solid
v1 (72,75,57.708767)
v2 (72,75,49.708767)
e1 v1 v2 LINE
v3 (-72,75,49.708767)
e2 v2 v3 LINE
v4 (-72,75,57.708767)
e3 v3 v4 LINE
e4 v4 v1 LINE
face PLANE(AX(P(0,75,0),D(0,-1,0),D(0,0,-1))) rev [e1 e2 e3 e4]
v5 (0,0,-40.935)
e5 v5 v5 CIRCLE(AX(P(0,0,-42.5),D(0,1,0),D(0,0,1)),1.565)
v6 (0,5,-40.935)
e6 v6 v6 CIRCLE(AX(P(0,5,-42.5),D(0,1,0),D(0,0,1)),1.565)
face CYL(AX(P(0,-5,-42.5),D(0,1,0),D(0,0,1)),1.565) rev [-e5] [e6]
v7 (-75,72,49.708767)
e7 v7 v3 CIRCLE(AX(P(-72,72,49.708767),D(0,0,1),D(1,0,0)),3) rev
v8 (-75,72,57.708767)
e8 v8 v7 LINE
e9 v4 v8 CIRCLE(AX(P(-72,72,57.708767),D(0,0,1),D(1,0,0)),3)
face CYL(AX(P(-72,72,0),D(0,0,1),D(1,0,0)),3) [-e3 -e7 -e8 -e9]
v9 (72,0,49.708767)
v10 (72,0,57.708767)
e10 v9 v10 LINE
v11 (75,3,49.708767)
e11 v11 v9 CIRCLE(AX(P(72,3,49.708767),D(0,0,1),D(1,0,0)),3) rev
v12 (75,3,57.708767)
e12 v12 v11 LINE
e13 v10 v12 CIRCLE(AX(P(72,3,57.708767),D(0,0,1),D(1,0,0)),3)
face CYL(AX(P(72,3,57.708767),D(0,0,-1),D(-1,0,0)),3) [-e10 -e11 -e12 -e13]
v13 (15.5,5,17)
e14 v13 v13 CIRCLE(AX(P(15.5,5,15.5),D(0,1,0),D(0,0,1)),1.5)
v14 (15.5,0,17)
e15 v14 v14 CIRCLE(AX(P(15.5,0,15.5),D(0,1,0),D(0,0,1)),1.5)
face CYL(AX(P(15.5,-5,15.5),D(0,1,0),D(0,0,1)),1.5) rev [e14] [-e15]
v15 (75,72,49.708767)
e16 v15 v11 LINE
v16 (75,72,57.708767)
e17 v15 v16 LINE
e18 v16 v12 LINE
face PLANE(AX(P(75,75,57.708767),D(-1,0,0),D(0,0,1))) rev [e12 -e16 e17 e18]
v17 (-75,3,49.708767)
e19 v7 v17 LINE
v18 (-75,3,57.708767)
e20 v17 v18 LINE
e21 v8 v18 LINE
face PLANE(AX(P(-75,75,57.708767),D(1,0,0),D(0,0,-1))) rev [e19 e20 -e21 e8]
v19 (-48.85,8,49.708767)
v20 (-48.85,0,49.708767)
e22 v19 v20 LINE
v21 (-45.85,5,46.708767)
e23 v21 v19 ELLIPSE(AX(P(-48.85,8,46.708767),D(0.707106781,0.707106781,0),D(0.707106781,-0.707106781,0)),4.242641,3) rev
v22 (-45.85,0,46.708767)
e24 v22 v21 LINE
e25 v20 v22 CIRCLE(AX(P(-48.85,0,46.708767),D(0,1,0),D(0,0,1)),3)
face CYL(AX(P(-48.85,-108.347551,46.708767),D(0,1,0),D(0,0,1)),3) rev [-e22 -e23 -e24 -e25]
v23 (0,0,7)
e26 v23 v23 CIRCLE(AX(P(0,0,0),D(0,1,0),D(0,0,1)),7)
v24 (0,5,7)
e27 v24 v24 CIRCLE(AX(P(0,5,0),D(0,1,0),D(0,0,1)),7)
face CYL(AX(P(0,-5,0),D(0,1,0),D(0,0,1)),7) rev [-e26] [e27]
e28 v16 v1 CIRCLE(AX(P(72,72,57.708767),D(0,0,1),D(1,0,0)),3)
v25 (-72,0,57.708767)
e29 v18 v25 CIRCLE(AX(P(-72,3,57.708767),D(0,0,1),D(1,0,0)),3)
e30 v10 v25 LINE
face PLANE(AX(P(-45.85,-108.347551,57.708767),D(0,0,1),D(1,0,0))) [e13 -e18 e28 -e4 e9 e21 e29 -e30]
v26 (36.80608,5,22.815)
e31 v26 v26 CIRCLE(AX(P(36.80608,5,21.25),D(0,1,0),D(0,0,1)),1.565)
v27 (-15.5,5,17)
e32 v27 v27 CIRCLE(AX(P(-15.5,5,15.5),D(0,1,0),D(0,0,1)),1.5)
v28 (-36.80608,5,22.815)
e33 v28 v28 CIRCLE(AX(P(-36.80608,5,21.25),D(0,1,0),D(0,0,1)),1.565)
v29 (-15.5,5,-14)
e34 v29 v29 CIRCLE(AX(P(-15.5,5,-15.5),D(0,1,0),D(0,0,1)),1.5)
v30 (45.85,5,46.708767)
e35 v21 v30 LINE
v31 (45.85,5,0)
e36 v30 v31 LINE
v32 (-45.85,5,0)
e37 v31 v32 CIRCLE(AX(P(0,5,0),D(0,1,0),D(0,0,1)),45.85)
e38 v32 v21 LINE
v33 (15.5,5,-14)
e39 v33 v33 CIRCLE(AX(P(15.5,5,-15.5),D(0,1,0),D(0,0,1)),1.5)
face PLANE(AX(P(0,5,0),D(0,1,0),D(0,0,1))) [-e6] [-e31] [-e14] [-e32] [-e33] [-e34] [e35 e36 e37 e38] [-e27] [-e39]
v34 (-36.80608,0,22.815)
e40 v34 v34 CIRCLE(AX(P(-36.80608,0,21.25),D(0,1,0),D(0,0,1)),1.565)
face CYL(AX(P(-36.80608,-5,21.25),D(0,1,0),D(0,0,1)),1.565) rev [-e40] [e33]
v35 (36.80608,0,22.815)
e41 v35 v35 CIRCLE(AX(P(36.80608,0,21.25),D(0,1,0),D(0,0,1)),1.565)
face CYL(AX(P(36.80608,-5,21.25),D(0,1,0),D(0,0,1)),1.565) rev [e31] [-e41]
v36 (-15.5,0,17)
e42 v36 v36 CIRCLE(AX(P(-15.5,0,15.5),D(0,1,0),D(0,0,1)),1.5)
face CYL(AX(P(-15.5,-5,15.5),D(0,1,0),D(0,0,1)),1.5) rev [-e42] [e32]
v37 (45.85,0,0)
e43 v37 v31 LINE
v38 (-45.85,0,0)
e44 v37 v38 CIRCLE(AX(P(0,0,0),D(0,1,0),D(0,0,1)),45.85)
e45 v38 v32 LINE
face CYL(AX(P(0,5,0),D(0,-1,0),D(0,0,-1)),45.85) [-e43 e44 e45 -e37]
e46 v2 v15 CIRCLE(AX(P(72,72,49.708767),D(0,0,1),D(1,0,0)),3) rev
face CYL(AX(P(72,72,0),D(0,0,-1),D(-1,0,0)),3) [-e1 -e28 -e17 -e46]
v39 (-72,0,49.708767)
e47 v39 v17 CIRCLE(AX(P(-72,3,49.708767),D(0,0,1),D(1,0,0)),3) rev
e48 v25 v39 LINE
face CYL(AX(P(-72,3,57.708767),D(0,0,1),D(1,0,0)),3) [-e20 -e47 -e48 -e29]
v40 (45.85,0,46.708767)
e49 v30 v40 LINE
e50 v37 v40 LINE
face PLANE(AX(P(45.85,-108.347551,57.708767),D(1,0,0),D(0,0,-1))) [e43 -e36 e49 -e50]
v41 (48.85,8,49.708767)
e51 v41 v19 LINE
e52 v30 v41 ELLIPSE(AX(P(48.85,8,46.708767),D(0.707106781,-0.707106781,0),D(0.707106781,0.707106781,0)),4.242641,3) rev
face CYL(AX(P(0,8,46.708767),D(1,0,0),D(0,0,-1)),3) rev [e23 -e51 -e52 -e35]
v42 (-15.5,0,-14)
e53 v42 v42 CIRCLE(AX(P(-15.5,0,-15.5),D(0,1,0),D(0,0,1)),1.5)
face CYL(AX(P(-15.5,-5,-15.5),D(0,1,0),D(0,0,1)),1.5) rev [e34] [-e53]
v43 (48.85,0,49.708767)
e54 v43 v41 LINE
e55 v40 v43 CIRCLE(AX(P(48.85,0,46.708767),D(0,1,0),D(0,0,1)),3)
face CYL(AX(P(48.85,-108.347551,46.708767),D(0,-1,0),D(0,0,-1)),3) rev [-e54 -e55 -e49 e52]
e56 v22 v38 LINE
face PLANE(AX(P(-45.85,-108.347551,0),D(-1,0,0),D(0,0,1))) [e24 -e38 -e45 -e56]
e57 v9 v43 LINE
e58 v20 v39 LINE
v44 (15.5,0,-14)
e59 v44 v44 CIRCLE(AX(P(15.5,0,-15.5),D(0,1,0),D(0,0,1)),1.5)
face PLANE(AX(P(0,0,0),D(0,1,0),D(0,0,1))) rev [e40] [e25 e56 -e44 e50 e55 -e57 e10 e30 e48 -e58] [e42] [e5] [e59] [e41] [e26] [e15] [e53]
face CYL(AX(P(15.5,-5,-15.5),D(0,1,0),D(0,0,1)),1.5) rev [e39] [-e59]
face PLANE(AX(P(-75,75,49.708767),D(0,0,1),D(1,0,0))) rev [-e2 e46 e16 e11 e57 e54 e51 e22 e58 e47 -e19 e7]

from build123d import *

# Parameters (mm, degrees)
SKETCH1_R           = 45.85
BOSS_EXTRUDE1_DEPTH = 5
SKETCH2_R           = 1.565
CUT_EXTRUDE1_DEPTH  = 10
SKETCH3_R           = 1.5
SKETCH3_R_2         = 7
CUT_EXTRUDE2_DEPTH  = 10
BOSS_EXTRUDE2_START = -5
BOSS_EXTRUDE2_DEPTH = 5
SKETCH5_W           = 150
SKETCH5_H           = 8
BOSS_EXTRUDE3_DEPTH = 75
FILLET1_R           = 3
FILLET2_R           = 3


with BuildPart() as part:
    # Sketch1 → Boss-Extrude1 (new body)
    with BuildSketch(Plane(origin=(0, 0, 0), x_dir=(1, 0, 0), z_dir=(0, 1, 0))):
        with Locations(Location((0, 0, 0), (0, 0, 270))):
            Circle(SKETCH1_R)
    extrude(amount=BOSS_EXTRUDE1_DEPTH)

    # Sketch2 → Cut-Extrude1 (cut)
    with BuildSketch(Plane(origin=(0, 5, 0), x_dir=(1, 0, 0), z_dir=(0, 1, 0))):
        with Locations(Location((0, 42.5, 0), (0, 0, 270))):
            Circle(SKETCH2_R)
        with Locations(Location((36.806079661, -21.25, 0), (0, 0, 270))):
            Circle(SKETCH2_R)
        with Locations(Location((-36.806079661, -21.25, 0), (0, 0, 270))):
            Circle(SKETCH2_R)
    extrude(amount=-CUT_EXTRUDE1_DEPTH, mode=Mode.SUBTRACT)

    # Sketch3 → Cut-Extrude2 (cut)
    with BuildSketch(Plane(origin=(0, 5, 0), x_dir=(1, 0, 0), z_dir=(0, 1, 0))):
        with Locations(Location((-15.5, 15.5, 0), (0, 0, 270))):
            Circle(SKETCH3_R)
        with Locations(Location((15.5, 15.5, 0), (0, 0, 270))):
            Circle(SKETCH3_R)
        with Locations(Location((15.5, -15.5, 0), (0, 0, 270))):
            Circle(SKETCH3_R)
        with Locations(Location((-15.5, -15.5, 0), (0, 0, 270))):
            Circle(SKETCH3_R)
        with Locations(Location((0, 0, 0), (0, 0, 270))):
            Circle(SKETCH3_R_2)
    extrude(amount=-CUT_EXTRUDE2_DEPTH, mode=Mode.SUBTRACT)

    # Sketch4 → Boss-Extrude2 (add)
    with BuildSketch(Plane(origin=(0, 5, 0), x_dir=(1, 0, 0), z_dir=(0, 1, 0)).offset(BOSS_EXTRUDE2_START)):
        with BuildLine():
            Line((-45.85, 0), (-45.85, -57.708767277))
            Line((-45.85, -57.708767277), (45.85, -57.708767277))
            Line((45.85, -57.708767277), (45.85, 0))
            ThreePointArc((45.85, 0), (0, -45.85), (-45.85, 0))
        make_face()
    extrude(amount=BOSS_EXTRUDE2_DEPTH)

    # Sketch5 → Boss-Extrude3 (add)
    with BuildSketch(Plane(origin=(0, 0, 0), x_dir=(1, 0, 0), z_dir=(0, 1, 0))):
        with Locations((0, -53.708767277)):
            Rectangle(SKETCH5_W, SKETCH5_H)
    extrude(amount=BOSS_EXTRUDE3_DEPTH)

    # Fillet1
    fillet1_edges = [part.edges().sort_by_distance(p)[0] for p in [
        (-45.85, 2.5, 49.708767277),
        (0, 5, 49.708767277),
        (45.85, 2.5, 49.708767277),
    ]]
    fillet(fillet1_edges, radius=FILLET1_R)

    # Fillet2
    fillet2_edges = [part.edges().sort_by_distance(p)[0] for p in [
        (-75, 0, 53.708767277),
        (75, 0, 53.708767277),
        (-75, 75, 53.708767277),
        (75, 75, 53.708767277),
    ]]
    fillet(fillet2_edges, radius=FILLET2_R)


solid = part.part
